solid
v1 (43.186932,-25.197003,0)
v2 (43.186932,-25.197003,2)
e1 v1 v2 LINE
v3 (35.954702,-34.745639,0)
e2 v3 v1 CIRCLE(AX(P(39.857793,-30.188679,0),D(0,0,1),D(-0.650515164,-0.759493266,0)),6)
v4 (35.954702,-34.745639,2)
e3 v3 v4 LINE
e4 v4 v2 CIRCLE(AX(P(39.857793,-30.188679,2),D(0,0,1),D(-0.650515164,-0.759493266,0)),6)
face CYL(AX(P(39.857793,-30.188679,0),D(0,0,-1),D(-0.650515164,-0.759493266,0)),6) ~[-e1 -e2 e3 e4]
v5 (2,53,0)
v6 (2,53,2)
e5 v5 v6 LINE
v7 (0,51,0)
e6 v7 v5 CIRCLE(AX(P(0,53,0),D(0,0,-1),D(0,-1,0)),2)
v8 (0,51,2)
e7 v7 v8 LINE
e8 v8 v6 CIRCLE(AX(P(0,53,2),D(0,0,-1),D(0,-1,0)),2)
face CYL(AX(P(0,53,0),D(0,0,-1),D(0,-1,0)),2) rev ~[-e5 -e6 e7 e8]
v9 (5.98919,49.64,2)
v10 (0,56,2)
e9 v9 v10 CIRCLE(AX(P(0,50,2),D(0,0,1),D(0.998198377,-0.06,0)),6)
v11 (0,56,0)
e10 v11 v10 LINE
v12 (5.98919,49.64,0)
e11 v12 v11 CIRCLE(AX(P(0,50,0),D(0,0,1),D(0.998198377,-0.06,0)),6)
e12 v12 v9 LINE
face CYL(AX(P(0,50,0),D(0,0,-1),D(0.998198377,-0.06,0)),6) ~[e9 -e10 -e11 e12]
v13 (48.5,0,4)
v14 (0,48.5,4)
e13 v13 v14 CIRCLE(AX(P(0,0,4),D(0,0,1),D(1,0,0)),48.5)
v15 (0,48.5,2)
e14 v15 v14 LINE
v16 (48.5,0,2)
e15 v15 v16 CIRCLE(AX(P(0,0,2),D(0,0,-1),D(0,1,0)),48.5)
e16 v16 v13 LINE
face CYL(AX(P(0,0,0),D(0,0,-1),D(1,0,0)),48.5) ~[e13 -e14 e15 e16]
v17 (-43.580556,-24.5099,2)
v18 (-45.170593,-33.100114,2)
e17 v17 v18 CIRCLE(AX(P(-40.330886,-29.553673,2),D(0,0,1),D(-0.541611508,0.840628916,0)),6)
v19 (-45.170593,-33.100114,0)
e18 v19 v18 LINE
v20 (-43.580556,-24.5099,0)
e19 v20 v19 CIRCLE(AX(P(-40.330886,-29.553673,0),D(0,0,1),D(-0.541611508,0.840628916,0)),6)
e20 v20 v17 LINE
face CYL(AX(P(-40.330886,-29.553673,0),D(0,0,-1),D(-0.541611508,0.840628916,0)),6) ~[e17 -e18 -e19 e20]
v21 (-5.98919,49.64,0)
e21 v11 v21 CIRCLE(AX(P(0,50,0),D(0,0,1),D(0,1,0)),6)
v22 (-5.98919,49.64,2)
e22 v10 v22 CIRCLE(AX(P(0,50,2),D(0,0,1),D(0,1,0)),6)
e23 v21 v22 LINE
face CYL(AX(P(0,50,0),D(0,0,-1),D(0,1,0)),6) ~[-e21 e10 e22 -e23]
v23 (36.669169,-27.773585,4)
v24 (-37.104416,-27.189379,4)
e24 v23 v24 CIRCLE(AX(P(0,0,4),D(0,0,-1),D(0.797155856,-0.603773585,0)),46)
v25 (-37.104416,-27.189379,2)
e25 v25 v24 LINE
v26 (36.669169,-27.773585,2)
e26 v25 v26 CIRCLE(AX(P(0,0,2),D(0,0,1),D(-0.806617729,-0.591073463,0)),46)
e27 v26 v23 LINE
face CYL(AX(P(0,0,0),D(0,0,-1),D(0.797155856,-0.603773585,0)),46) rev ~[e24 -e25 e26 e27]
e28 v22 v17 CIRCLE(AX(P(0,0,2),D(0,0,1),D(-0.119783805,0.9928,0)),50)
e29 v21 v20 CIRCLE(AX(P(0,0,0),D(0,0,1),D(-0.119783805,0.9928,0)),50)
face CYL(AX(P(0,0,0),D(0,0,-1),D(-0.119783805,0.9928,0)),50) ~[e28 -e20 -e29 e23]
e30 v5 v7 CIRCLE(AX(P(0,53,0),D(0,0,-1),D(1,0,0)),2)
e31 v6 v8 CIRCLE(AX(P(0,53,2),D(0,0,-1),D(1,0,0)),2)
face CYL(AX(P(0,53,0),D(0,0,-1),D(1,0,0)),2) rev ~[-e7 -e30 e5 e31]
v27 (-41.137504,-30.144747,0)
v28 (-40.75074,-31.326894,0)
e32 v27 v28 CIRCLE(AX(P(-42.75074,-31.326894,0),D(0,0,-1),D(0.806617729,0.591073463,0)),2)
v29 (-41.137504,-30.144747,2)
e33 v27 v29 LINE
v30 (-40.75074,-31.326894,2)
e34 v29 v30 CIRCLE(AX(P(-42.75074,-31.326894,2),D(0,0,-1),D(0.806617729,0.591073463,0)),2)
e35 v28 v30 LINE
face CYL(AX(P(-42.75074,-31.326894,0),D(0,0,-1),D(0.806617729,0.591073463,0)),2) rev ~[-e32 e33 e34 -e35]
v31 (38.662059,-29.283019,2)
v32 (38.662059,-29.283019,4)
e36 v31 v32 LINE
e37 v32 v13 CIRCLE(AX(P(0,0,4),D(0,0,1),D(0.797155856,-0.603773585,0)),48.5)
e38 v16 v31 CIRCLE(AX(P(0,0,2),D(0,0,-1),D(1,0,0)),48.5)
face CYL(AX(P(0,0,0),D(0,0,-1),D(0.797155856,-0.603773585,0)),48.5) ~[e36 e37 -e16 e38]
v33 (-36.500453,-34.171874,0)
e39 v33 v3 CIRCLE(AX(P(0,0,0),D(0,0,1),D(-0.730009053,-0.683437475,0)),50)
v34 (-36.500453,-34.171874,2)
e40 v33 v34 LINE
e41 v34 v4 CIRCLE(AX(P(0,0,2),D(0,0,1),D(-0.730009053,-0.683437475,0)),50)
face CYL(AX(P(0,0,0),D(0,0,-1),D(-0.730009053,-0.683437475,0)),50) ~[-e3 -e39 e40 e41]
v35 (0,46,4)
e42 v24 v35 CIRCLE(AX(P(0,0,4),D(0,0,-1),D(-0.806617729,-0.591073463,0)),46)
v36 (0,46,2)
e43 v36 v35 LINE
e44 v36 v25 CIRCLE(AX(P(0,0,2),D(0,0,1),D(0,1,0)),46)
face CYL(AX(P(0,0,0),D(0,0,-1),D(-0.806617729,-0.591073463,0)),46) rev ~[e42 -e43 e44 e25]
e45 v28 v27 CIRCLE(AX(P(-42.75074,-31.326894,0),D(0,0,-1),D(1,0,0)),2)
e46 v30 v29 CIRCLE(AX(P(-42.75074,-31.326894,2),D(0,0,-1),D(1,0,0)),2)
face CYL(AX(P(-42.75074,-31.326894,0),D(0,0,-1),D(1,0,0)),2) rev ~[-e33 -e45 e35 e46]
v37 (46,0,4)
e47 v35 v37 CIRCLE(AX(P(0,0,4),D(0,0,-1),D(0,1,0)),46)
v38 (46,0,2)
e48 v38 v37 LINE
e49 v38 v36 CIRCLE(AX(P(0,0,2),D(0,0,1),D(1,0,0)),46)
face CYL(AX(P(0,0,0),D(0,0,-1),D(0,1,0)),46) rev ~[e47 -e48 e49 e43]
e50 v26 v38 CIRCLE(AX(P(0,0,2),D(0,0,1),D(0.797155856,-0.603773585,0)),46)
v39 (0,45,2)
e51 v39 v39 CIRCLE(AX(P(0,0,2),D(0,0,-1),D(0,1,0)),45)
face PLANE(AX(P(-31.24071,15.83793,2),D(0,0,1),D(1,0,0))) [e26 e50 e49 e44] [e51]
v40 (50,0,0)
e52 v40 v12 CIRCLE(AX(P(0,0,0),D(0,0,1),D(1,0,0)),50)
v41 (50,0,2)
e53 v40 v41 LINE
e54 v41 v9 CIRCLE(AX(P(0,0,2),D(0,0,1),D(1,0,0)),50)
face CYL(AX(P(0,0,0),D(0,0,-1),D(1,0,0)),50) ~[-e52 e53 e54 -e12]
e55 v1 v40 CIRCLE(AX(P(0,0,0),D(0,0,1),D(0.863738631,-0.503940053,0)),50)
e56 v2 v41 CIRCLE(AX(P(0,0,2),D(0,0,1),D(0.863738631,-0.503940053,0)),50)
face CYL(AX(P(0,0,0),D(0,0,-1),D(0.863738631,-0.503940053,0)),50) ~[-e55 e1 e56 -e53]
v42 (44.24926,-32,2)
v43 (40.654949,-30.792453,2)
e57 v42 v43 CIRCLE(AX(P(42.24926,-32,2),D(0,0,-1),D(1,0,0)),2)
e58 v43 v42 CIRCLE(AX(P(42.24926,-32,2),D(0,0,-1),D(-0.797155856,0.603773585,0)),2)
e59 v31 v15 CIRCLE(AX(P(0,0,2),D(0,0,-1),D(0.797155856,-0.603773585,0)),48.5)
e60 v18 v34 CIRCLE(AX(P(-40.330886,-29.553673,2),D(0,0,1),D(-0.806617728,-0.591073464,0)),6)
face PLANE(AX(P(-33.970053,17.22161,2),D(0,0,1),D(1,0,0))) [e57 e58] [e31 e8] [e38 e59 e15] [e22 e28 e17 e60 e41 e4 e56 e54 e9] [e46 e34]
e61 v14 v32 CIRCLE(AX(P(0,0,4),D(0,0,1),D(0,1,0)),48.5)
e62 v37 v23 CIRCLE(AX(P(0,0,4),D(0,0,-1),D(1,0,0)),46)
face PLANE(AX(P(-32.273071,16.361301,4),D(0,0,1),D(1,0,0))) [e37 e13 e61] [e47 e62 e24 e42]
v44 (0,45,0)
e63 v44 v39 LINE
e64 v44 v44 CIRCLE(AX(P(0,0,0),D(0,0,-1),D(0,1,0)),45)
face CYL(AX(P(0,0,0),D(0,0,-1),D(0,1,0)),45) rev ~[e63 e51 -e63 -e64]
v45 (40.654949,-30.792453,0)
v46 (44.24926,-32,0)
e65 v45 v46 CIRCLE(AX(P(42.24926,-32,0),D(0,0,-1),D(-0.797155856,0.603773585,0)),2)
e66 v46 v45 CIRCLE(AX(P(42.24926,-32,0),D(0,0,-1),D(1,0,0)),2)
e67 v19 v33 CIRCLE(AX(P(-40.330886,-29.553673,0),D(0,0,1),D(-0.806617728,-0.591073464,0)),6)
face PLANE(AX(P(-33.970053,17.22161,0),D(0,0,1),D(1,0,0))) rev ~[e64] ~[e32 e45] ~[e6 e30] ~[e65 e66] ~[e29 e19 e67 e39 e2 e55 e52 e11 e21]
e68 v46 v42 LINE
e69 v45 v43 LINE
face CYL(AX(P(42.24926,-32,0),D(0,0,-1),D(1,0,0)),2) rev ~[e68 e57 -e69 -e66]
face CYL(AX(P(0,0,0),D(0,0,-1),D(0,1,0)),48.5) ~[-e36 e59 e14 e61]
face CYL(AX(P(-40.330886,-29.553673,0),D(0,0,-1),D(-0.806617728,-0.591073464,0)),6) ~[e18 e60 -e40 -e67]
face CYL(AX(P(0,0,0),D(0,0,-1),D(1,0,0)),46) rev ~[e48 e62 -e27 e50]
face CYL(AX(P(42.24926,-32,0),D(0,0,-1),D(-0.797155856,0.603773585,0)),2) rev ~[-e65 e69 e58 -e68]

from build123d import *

# Parameters (mm, degrees)
F1_DEPTH = 4
F2_DEPTH = 2


with BuildPart() as f1:
    # F0 (on Top) → F1 (new body)
    with BuildSketch(Plane.XY):
        with BuildLine():
            Line((0, 46), (0, 48.5))
            ThreePointArc((0, 48.5), (-43.2585399295, 21.9305431572), (-39.1209598697, -28.6670629621))
            Line((-39.1209598697, -28.6670629621), (-37.1044155465, -27.1893793042))
            ThreePointArc((-37.1044155465, -27.1893793042), (-41.0287182836, 20.8001027883), (0, 46))
        make_face()
        with BuildLine():
            ThreePointArc((-39.1209598697, -28.6670629621), (-0.384054582, -48.498479379), (38.6620589982, -29.2830188679))
            Line((38.6620589982, -29.2830188679), (36.6691693591, -27.7735849057))
            ThreePointArc((36.6691693591, -27.7735849057), (-0.3642579541, -45.9985577616), (-37.1044155465, -27.1893793042))
            Line((-37.1044155465, -27.1893793042), (-39.1209598697, -28.6670629621))
        make_face()
        with BuildLine():
            ThreePointArc((48.5, 0), (34.2946788875, 34.2946788875), (0, 48.5))
            Line((0, 48.5), (0, 46))
            ThreePointArc((0, 46), (32.5269119346, 32.5269119346), (46, 0))
            ThreePointArc((46, 0), (43.6049411794, -14.6495428168), (36.6691693591, -27.7735849057))
            Line((36.6691693591, -27.7735849057), (38.6620589982, -29.2830188679))
            ThreePointArc((38.6620589982, -29.2830188679), (45.9747749392, -15.445713622), (48.5, 0))
        make_face()
    extrude(amount=F1_DEPTH)

    # F0 (on Top) → F2 (join)
    with BuildSketch(Plane.XY):
        with BuildLine():
            Line((0, 48.5), (0, 50))
            ThreePointArc((-3e-10, 50), (-3.0000000001, 49.9099188539), (-5.9891902625, 49.64))
            ThreePointArc((-5.9891902625, 49.64), (-44.596432917, 22.6088073786), (-43.5805555109, -24.5098996604))
            ThreePointArc((-43.5805555109, -24.5098996604), (-42.0314458226, -27.0805753644), (-40.3308865052, -29.5536731))
            Line((-40.3308864636, -29.5536731568), (-39.1209598697, -28.6670629621))
            ThreePointArc((-39.1209598697, -28.6670629621), (-43.2585399295, 21.9305431572), (0, 48.5))
        make_face()
        with BuildLine():
            Line((0, 45), (0, 46))
            ThreePointArc((0, 46), (-41.0287182836, 20.8001027883), (-37.1044155465, -27.1893793042))
            Line((-37.1044155465, -27.1893793042), (-36.2977978173, -26.5983058411))
            ThreePointArc((-36.2977978173, -26.5983058411), (-40.1367896253, 20.3479266407), (0, 45))
        make_face()
        with BuildLine():
            ThreePointArc((35.9547017982, -34.7456388429), (37.9746633311, -32.5257581755), (39.8577928138, -30.1886792029))
            Line((39.8577927817, -30.1886792453), (38.6620589982, -29.2830188679))
            ThreePointArc((38.6620589982, -29.2830188679), (-0.384054582, -48.498479379), (-39.1209598697, -28.6670629621))
            Line((-39.1209598697, -28.6670629621), (-40.3308864636, -29.5536731568))
            ThreePointArc((-40.3308865052, -29.5536731), (-38.4850050472, -31.9202817425), (-36.5004526513, -34.1718737597))
            ThreePointArc((-36.5004526513, -34.1718737597), (-0.3959325588, -49.9984323495), (35.9547017982, -34.7456388429))
        make_face()
        with BuildLine():
            ThreePointArc((-37.1044155465, -27.1893793042), (-0.3642579541, -45.9985577616), (36.6691693591, -27.7735849057))
            Line((36.6691693591, -27.7735849057), (35.8720135035, -27.1698113208))
            ThreePointArc((35.8720135035, -27.1698113208), (-0.3563393029, -44.9985891146), (-36.2977978173, -26.5983058411))
            Line((-36.2977978173, -26.5983058411), (-37.1044155465, -27.1893793042))
        make_face()
        with BuildLine():
            ThreePointArc((-45.1705928336, -33.1001139433), (-41.0669741282, -35.5083498861), (-36.5004526513, -34.1718737597))
            ThreePointArc((-36.5004526513, -34.1718737597), (-38.4850050472, -31.9202817425), (-40.3308865052, -29.5536731))
            ThreePointArc((-40.3308865052, -29.5536731), (-39.8994627937, -30.3940375655), (-39.7507396514, -31.3268935462))
            ThreePointArc((-39.7507396514, -31.3268935462), (-41.8178836997, -34.1781704134), (-45.1705928336, -33.1001139433))
        make_face()
        with BuildLine():
            ThreePointArc((-39.7507396514, -31.3268935462), (-39.8994627937, -30.3940375655), (-40.3308865052, -29.5536731))
            ThreePointArc((-40.3308865052, -29.5536731), (-44.5239600731, -28.907040382), (-45.1705928336, -33.1001139433))
            ThreePointArc((-45.1705928336, -33.1001139433), (-41.8178836997, -34.1781704134), (-39.7507396514, -31.3268935462))
        make_face()
        with BuildLine():
            ThreePointArc((-40.7507396514, -31.3268935462), (-44.6515908972, -31.948797511), (-41.1375041929, -30.1447466199))
            ThreePointArc((-41.1375041929, -30.1447466199), (-40.8498884057, -30.7049895814), (-40.7507396514, -31.3268935462))
        make_face(mode=Mode.SUBTRACT)
        with BuildLine():
            ThreePointArc((-40.3308865052, -29.5536731), (-42.0314458226, -27.0805753644), (-43.5805555109, -24.5098996604))
            ThreePointArc((-43.5805555109, -24.5098996604), (-46.2306698509, -28.4616310409), (-45.1705928336, -33.1001139433))
            ThreePointArc((-45.1705928336, -33.1001139433), (-44.5239600731, -28.907040382), (-40.3308865052, -29.5536731))
        make_face()
        with BuildLine():
            ThreePointArc((44.640728683, -33.8113197413), (40.4379400794, -34.3914679346), (39.8577928138, -30.1886792029))
            ThreePointArc((39.8577928138, -30.1886792029), (37.9746633311, -32.5257581755), (35.9547017982, -34.7456388429))
            ThreePointArc((35.9547017982, -34.7456388429), (40.4994857112, -36.154266407), (44.640728683, -33.8113197413))
        make_face()
        with BuildLine():
            ThreePointArc((44.640728683, -33.8113197413), (45.774130629, -29.1902071747), (43.1869315491, -25.1970026665))
            ThreePointArc((43.1869315491, -25.1970026665), (41.597304838, -27.7428230397), (39.8577928138, -30.1886792029))
            ThreePointArc((39.8577928138, -30.1886792029), (43.2046653401, -29.1561994968), (45.2492603486, -32))
            ThreePointArc((45.2492603486, -32), (45.0930610627, -32.9554043637), (44.640728683, -33.8113197413))
        make_face()
        with BuildLine():
            ThreePointArc((45.2492603486, -32), (43.2046653401, -29.1561994968), (39.8577928138, -30.1886792029))
            ThreePointArc((39.8577928138, -30.1886792029), (40.4379400794, -34.3914679346), (44.640728683, -33.8113197413))
            ThreePointArc((44.640728683, -33.8113197413), (45.0930610627, -32.9554043637), (45.2492603486, -32))
        make_face()
        with BuildLine():
            ThreePointArc((44.2492603486, -32), (41.6123237043, -33.8958670078), (40.6549486373, -30.7924528302))
            ThreePointArc((40.6549486373, -30.7924528302), (42.8861969928, -30.1041329922), (44.2492603486, -32))
        make_face(mode=Mode.SUBTRACT)
        with BuildLine():
            ThreePointArc((43.1869315491, -25.1970026665), (48.2666892248, -13.050927602), (50, 0))
            ThreePointArc((50, 0), (37.4129624136, 33.1703217265), (5.9891902625, 49.64))
            ThreePointArc((5.9891902625, 49.64), (2.9999999999, 49.9099188539), (-3e-10, 50))
            Line((0, 50), (0, 48.5))
            ThreePointArc((0, 48.5), (34.2946788875, 34.2946788875), (48.5, 0))
            ThreePointArc((48.5, 0), (45.9747749392, -15.445713622), (38.6620589982, -29.2830188679))
            Line((38.6620589982, -29.2830188679), (39.8577927817, -30.1886792453))
            ThreePointArc((39.8577928138, -30.1886792029), (41.597304838, -27.7428230397), (43.1869315491, -25.1970026665))
        make_face()
        with BuildLine():
            ThreePointArc((46, 0), (32.5269119346, 32.5269119346), (0, 46))
            Line((0, 46), (0, 45))
            ThreePointArc((0, 45), (31.8198051534, 31.8198051534), (45, 0))
            ThreePointArc((45, 0), (42.6570076755, -14.3310744947), (35.8720135035, -27.1698113208))
            Line((35.8720135035, -27.1698113208), (36.6691693591, -27.7735849057))
            ThreePointArc((36.6691693591, -27.7735849057), (43.6049411794, -14.6495428168), (46, 0))
        make_face()
        with BuildLine():
            ThreePointArc((0, 56), (-3, 53.0000000001), (-3e-10, 50))
            ThreePointArc((-3e-10, 50), (2.1213203435, 50.8786796564), (3, 53))
            ThreePointArc((3, 53), (2.1213203436, 55.1213203436), (0, 56))
        make_face()
        with BuildLine():
            ThreePointArc((2, 53), (1.4142135624, 51.5857864376), (0, 51))
            ThreePointArc((0, 51), (-1.4142135624, 54.4142135624), (2, 53))
        make_face(mode=Mode.SUBTRACT)
        with BuildLine():
            ThreePointArc((-3e-10, 50), (2.9999999999, 49.9099188539), (5.9891902625, 49.64))
            ThreePointArc((5.9891902625, 49.64), (4.3680659336, 54.1133927602), (0, 56))
            ThreePointArc((0, 56), (2.1213203436, 55.1213203436), (3, 53))
            ThreePointArc((3, 53), (2.1213203435, 50.8786796564), (-3e-10, 50))
        make_face()
        with BuildLine():
            ThreePointArc((-5.9891902625, 49.64), (-3.0000000001, 49.9099188539), (-3e-10, 50))
            ThreePointArc((-3e-10, 50), (-3, 53.0000000001), (0, 56))
            ThreePointArc((0, 56), (-4.3680659336, 54.1133927602), (-5.9891902625, 49.64))
        make_face()
    extrude(amount=F2_DEPTH)


solid = f1.part
